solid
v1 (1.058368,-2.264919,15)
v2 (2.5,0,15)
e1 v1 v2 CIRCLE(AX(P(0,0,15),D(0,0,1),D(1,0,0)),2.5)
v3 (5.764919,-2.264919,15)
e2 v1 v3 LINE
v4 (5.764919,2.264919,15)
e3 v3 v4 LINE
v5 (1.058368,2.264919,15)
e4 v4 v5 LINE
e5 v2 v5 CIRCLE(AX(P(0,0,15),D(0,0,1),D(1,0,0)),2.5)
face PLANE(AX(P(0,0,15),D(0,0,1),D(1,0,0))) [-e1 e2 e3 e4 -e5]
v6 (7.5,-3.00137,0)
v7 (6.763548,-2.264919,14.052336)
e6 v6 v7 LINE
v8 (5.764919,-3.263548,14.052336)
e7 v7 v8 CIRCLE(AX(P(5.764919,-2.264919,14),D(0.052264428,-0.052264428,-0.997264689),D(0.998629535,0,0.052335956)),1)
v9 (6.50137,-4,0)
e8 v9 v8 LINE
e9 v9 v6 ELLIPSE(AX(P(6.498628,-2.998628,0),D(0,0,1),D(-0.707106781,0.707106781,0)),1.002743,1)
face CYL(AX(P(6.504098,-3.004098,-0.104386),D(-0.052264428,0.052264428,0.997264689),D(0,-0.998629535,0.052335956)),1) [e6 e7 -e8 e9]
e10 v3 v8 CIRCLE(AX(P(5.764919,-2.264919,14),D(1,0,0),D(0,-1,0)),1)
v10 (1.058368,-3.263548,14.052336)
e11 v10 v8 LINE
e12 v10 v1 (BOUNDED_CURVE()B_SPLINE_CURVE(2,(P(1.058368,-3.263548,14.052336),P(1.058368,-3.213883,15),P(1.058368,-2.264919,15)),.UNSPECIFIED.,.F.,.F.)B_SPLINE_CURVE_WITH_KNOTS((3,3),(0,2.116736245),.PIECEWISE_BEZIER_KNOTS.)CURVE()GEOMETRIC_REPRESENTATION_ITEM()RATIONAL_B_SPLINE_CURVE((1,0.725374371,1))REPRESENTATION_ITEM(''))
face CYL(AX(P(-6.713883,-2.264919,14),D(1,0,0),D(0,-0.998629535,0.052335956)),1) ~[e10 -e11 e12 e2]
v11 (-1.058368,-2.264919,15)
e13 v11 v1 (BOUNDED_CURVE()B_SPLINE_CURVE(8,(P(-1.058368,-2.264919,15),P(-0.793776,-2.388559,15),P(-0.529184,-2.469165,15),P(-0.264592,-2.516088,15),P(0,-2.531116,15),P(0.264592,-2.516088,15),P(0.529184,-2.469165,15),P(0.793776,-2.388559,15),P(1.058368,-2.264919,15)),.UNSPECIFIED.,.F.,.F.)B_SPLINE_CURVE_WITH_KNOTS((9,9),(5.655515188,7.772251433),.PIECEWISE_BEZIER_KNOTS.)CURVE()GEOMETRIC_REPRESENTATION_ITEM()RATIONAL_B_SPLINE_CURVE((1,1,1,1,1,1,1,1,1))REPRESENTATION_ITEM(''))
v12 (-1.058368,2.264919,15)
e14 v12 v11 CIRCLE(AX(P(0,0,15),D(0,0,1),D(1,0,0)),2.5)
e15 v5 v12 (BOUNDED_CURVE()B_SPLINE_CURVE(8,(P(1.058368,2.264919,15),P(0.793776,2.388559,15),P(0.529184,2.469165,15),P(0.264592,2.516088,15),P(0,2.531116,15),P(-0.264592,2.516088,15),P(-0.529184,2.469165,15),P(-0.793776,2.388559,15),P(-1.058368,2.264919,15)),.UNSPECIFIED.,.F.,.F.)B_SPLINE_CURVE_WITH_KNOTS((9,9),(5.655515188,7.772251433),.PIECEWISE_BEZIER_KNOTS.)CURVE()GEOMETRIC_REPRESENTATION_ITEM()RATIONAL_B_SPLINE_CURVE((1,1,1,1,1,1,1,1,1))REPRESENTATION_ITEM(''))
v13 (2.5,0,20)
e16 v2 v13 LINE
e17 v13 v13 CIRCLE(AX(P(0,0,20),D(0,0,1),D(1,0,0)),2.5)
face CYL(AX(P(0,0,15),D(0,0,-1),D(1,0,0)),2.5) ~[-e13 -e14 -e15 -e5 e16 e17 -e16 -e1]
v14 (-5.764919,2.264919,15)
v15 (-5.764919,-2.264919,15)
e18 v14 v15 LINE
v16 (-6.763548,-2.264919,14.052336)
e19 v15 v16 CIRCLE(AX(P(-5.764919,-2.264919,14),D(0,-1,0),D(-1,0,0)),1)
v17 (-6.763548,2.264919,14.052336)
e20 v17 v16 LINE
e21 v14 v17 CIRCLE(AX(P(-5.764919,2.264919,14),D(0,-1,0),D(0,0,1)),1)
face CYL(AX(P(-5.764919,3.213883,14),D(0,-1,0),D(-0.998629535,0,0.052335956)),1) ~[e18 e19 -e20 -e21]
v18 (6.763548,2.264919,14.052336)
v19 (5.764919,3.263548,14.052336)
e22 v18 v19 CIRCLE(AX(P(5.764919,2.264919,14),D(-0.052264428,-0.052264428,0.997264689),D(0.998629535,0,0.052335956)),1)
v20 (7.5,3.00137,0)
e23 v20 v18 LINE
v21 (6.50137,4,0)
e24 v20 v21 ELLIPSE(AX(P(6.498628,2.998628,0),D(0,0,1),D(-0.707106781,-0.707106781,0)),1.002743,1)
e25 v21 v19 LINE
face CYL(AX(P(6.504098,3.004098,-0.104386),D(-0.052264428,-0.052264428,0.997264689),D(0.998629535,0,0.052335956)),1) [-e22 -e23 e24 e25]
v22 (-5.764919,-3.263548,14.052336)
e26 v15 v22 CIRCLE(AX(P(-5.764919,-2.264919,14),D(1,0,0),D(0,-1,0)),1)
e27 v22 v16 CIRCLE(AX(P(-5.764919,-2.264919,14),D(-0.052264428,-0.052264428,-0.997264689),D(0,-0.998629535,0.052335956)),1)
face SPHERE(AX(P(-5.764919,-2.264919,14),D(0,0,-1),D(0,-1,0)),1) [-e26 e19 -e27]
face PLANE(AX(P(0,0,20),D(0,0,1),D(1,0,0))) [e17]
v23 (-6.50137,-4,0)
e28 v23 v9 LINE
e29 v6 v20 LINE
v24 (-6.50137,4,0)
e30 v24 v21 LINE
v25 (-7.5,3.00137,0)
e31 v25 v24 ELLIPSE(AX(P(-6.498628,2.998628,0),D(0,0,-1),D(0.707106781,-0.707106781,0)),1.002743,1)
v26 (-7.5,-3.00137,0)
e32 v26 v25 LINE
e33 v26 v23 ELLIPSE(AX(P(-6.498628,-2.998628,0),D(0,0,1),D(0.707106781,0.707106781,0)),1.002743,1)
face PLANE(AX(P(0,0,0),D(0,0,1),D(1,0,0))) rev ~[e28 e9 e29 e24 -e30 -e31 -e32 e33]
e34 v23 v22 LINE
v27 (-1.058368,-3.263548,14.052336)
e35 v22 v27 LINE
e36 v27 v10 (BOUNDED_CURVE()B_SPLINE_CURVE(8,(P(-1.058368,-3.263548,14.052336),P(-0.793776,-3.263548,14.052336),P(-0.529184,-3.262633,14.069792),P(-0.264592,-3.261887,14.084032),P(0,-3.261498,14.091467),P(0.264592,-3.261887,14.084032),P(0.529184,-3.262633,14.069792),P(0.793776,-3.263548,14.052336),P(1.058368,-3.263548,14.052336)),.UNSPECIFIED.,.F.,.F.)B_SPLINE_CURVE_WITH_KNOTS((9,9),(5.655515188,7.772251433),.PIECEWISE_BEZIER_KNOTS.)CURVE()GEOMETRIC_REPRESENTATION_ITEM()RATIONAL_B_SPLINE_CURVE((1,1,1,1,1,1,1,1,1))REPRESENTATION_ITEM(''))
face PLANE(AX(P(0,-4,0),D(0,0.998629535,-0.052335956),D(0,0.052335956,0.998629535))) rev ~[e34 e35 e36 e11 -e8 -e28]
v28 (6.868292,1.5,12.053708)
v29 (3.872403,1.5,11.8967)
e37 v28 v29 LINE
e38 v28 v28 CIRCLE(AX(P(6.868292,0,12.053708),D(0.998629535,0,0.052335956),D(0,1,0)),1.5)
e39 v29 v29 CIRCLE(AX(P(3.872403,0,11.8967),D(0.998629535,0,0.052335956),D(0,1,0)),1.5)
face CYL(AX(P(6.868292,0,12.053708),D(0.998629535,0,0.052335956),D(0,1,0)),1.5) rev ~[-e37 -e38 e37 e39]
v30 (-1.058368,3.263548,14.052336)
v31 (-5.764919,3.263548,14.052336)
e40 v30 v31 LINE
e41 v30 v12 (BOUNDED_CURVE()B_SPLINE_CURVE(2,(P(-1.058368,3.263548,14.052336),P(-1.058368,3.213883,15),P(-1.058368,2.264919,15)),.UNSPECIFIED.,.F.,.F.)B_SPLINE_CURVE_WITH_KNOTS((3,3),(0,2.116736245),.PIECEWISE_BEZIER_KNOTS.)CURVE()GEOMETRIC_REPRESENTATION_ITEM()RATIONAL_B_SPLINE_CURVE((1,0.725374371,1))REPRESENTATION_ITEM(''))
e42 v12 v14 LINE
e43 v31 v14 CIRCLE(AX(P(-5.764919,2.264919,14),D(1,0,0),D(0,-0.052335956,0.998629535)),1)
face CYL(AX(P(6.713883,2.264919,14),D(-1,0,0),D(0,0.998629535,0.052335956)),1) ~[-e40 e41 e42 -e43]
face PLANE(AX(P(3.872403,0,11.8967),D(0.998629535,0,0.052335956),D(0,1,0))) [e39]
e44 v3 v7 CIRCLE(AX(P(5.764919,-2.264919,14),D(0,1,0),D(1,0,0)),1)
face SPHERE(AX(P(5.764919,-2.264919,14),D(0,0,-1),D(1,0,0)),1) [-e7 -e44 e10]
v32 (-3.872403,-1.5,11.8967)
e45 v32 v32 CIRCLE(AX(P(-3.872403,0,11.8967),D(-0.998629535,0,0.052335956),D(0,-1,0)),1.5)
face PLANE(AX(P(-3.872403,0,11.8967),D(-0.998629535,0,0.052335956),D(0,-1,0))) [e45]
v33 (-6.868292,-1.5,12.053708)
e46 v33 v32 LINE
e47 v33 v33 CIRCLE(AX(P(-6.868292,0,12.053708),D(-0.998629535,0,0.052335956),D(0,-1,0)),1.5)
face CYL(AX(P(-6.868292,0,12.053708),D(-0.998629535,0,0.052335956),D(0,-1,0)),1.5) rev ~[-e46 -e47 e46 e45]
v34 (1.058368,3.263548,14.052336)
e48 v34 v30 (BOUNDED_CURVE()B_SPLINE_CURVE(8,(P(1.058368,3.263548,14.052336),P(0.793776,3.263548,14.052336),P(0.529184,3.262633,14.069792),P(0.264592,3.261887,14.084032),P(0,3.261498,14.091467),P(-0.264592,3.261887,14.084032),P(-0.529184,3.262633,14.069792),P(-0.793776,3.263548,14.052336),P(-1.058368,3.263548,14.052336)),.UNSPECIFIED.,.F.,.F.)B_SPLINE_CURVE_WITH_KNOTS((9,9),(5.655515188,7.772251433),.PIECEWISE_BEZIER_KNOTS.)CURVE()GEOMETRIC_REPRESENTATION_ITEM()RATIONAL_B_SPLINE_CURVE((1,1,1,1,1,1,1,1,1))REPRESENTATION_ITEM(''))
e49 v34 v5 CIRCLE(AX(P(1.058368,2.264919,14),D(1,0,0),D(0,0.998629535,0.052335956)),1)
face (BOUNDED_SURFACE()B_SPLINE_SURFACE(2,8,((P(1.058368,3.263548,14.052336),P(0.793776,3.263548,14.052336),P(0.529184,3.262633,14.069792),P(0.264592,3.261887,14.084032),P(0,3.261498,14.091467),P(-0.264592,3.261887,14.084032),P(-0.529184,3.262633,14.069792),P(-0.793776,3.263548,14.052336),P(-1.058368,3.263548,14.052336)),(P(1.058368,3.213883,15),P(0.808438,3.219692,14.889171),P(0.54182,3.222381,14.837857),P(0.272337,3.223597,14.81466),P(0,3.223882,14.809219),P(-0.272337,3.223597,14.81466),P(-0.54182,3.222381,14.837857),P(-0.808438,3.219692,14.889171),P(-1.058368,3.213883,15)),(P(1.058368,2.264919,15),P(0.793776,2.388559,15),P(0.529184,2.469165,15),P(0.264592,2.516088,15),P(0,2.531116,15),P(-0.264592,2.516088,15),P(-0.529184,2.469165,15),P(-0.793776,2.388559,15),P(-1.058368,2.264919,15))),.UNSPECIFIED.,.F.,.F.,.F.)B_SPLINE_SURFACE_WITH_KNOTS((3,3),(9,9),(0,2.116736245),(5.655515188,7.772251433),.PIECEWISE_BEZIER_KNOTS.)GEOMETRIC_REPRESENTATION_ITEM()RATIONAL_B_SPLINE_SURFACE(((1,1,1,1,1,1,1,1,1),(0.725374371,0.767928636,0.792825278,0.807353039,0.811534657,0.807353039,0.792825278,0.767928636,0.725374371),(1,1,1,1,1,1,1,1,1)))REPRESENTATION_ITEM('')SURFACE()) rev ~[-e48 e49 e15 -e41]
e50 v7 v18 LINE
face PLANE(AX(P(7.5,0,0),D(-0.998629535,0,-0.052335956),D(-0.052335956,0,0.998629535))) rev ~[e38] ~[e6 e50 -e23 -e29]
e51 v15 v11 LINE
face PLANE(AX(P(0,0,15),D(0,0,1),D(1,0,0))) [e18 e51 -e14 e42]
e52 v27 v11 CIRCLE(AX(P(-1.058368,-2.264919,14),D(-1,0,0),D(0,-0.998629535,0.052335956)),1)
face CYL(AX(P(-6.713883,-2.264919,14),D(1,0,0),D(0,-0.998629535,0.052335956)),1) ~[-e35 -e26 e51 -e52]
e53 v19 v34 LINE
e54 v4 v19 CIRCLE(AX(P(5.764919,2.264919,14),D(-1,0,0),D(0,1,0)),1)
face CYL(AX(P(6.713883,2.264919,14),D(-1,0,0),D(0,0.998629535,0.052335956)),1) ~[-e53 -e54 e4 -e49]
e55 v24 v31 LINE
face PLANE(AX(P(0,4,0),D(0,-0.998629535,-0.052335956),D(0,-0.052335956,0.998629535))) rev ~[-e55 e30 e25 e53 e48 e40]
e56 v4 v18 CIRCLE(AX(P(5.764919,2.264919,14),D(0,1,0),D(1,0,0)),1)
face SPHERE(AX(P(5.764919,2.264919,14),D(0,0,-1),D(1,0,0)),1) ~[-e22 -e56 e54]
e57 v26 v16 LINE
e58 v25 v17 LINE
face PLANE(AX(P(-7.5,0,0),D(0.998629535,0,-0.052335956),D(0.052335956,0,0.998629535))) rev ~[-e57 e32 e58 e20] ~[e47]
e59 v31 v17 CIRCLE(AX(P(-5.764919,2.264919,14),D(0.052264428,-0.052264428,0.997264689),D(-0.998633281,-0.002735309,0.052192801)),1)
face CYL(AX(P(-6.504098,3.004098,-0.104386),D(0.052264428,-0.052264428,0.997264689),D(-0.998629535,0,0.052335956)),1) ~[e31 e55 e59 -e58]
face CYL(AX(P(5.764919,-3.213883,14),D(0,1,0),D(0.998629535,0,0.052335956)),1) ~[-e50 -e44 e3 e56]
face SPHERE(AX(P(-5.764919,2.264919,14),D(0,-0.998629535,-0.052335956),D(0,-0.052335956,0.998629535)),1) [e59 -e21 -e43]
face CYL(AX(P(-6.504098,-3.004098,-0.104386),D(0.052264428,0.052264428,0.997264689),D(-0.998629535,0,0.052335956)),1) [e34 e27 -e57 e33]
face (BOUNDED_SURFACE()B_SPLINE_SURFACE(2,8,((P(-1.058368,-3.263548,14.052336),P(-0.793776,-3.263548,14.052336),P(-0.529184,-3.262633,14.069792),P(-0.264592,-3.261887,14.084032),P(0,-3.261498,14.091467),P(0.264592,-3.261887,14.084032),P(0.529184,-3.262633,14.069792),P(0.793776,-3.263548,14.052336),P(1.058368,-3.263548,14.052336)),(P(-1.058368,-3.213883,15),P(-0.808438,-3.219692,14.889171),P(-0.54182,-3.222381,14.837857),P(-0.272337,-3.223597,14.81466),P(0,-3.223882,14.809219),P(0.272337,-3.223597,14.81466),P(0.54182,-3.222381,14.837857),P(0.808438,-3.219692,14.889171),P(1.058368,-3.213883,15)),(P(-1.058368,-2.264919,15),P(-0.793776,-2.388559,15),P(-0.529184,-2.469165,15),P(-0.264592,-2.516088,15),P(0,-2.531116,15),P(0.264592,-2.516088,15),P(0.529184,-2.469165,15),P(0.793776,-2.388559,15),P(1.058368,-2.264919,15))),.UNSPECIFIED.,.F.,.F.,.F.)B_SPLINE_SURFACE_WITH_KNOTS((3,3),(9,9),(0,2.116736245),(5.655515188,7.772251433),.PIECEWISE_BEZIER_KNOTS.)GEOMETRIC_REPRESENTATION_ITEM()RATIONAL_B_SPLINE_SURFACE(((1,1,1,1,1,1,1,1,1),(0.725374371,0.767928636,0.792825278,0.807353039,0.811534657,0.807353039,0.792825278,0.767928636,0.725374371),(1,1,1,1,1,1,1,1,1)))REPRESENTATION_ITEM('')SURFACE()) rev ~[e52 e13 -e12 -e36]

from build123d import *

# Parameters (mm, degrees)
F0_W     = 15
F0_H     = 8
F1_DEPTH = 15
F1_TAPER = 3
F2_R     = 2.5
F3_DEPTH = 5
F4_R     = 1
F5_R     = 1.5
F6_DEPTH = 3
F7_R     = 1.5
F8_DEPTH = 3


with BuildPart() as f1:
    # F0 (on Top) → F1 (new body)
    with BuildSketch(Plane.XY):
        Rectangle(F0_W, F0_H)
    extrude(amount=F1_DEPTH, taper=F1_TAPER)

    # F2 (on face) → F3 (join)
    with BuildSketch(Plane.XY.offset(15)):
        Circle(F2_R)
    extrude(amount=F3_DEPTH)

    # F4
    f4_edges = [f1.edges().sort_by_distance(p)[0] for p in [
        (-7.106942, -3.606942, 7.5),
        (7.106942, -3.606942, 7.5),
        (7.106942, 3.606942, 7.5),
        (6.713883, 0, 15),
        (0, -3.213883, 15),
        (-6.713883, 0, 15),
        (0, 3.213883, 15),
        (-7.106942, 3.606942, 7.5),
    ]]
    fillet(f4_edges, radius=F4_R)

    # F5 (on face) → F6 (cut)
    with BuildSketch(Plane(origin=(-7.4794571076, 0, 0.3919817373), x_dir=(0, -1, 0), z_dir=(-0.9986295348, 0, 0.0523359562))):
        with Locations((0, 11.6777304862)):
            Circle(F5_R)
    extrude(amount=-F6_DEPTH, mode=Mode.SUBTRACT)

    # F7 (on face) → F8 (cut)
    with BuildSketch(Plane(origin=(7.4794571076, 0, 0.3919817373), x_dir=(0, 1, 0), z_dir=(0.9986295348, 0, 0.0523359562))):
        with Locations((0, 11.6777304862)):
            Circle(F7_R)
    extrude(amount=-F8_DEPTH, mode=Mode.SUBTRACT)


solid = f1.part
